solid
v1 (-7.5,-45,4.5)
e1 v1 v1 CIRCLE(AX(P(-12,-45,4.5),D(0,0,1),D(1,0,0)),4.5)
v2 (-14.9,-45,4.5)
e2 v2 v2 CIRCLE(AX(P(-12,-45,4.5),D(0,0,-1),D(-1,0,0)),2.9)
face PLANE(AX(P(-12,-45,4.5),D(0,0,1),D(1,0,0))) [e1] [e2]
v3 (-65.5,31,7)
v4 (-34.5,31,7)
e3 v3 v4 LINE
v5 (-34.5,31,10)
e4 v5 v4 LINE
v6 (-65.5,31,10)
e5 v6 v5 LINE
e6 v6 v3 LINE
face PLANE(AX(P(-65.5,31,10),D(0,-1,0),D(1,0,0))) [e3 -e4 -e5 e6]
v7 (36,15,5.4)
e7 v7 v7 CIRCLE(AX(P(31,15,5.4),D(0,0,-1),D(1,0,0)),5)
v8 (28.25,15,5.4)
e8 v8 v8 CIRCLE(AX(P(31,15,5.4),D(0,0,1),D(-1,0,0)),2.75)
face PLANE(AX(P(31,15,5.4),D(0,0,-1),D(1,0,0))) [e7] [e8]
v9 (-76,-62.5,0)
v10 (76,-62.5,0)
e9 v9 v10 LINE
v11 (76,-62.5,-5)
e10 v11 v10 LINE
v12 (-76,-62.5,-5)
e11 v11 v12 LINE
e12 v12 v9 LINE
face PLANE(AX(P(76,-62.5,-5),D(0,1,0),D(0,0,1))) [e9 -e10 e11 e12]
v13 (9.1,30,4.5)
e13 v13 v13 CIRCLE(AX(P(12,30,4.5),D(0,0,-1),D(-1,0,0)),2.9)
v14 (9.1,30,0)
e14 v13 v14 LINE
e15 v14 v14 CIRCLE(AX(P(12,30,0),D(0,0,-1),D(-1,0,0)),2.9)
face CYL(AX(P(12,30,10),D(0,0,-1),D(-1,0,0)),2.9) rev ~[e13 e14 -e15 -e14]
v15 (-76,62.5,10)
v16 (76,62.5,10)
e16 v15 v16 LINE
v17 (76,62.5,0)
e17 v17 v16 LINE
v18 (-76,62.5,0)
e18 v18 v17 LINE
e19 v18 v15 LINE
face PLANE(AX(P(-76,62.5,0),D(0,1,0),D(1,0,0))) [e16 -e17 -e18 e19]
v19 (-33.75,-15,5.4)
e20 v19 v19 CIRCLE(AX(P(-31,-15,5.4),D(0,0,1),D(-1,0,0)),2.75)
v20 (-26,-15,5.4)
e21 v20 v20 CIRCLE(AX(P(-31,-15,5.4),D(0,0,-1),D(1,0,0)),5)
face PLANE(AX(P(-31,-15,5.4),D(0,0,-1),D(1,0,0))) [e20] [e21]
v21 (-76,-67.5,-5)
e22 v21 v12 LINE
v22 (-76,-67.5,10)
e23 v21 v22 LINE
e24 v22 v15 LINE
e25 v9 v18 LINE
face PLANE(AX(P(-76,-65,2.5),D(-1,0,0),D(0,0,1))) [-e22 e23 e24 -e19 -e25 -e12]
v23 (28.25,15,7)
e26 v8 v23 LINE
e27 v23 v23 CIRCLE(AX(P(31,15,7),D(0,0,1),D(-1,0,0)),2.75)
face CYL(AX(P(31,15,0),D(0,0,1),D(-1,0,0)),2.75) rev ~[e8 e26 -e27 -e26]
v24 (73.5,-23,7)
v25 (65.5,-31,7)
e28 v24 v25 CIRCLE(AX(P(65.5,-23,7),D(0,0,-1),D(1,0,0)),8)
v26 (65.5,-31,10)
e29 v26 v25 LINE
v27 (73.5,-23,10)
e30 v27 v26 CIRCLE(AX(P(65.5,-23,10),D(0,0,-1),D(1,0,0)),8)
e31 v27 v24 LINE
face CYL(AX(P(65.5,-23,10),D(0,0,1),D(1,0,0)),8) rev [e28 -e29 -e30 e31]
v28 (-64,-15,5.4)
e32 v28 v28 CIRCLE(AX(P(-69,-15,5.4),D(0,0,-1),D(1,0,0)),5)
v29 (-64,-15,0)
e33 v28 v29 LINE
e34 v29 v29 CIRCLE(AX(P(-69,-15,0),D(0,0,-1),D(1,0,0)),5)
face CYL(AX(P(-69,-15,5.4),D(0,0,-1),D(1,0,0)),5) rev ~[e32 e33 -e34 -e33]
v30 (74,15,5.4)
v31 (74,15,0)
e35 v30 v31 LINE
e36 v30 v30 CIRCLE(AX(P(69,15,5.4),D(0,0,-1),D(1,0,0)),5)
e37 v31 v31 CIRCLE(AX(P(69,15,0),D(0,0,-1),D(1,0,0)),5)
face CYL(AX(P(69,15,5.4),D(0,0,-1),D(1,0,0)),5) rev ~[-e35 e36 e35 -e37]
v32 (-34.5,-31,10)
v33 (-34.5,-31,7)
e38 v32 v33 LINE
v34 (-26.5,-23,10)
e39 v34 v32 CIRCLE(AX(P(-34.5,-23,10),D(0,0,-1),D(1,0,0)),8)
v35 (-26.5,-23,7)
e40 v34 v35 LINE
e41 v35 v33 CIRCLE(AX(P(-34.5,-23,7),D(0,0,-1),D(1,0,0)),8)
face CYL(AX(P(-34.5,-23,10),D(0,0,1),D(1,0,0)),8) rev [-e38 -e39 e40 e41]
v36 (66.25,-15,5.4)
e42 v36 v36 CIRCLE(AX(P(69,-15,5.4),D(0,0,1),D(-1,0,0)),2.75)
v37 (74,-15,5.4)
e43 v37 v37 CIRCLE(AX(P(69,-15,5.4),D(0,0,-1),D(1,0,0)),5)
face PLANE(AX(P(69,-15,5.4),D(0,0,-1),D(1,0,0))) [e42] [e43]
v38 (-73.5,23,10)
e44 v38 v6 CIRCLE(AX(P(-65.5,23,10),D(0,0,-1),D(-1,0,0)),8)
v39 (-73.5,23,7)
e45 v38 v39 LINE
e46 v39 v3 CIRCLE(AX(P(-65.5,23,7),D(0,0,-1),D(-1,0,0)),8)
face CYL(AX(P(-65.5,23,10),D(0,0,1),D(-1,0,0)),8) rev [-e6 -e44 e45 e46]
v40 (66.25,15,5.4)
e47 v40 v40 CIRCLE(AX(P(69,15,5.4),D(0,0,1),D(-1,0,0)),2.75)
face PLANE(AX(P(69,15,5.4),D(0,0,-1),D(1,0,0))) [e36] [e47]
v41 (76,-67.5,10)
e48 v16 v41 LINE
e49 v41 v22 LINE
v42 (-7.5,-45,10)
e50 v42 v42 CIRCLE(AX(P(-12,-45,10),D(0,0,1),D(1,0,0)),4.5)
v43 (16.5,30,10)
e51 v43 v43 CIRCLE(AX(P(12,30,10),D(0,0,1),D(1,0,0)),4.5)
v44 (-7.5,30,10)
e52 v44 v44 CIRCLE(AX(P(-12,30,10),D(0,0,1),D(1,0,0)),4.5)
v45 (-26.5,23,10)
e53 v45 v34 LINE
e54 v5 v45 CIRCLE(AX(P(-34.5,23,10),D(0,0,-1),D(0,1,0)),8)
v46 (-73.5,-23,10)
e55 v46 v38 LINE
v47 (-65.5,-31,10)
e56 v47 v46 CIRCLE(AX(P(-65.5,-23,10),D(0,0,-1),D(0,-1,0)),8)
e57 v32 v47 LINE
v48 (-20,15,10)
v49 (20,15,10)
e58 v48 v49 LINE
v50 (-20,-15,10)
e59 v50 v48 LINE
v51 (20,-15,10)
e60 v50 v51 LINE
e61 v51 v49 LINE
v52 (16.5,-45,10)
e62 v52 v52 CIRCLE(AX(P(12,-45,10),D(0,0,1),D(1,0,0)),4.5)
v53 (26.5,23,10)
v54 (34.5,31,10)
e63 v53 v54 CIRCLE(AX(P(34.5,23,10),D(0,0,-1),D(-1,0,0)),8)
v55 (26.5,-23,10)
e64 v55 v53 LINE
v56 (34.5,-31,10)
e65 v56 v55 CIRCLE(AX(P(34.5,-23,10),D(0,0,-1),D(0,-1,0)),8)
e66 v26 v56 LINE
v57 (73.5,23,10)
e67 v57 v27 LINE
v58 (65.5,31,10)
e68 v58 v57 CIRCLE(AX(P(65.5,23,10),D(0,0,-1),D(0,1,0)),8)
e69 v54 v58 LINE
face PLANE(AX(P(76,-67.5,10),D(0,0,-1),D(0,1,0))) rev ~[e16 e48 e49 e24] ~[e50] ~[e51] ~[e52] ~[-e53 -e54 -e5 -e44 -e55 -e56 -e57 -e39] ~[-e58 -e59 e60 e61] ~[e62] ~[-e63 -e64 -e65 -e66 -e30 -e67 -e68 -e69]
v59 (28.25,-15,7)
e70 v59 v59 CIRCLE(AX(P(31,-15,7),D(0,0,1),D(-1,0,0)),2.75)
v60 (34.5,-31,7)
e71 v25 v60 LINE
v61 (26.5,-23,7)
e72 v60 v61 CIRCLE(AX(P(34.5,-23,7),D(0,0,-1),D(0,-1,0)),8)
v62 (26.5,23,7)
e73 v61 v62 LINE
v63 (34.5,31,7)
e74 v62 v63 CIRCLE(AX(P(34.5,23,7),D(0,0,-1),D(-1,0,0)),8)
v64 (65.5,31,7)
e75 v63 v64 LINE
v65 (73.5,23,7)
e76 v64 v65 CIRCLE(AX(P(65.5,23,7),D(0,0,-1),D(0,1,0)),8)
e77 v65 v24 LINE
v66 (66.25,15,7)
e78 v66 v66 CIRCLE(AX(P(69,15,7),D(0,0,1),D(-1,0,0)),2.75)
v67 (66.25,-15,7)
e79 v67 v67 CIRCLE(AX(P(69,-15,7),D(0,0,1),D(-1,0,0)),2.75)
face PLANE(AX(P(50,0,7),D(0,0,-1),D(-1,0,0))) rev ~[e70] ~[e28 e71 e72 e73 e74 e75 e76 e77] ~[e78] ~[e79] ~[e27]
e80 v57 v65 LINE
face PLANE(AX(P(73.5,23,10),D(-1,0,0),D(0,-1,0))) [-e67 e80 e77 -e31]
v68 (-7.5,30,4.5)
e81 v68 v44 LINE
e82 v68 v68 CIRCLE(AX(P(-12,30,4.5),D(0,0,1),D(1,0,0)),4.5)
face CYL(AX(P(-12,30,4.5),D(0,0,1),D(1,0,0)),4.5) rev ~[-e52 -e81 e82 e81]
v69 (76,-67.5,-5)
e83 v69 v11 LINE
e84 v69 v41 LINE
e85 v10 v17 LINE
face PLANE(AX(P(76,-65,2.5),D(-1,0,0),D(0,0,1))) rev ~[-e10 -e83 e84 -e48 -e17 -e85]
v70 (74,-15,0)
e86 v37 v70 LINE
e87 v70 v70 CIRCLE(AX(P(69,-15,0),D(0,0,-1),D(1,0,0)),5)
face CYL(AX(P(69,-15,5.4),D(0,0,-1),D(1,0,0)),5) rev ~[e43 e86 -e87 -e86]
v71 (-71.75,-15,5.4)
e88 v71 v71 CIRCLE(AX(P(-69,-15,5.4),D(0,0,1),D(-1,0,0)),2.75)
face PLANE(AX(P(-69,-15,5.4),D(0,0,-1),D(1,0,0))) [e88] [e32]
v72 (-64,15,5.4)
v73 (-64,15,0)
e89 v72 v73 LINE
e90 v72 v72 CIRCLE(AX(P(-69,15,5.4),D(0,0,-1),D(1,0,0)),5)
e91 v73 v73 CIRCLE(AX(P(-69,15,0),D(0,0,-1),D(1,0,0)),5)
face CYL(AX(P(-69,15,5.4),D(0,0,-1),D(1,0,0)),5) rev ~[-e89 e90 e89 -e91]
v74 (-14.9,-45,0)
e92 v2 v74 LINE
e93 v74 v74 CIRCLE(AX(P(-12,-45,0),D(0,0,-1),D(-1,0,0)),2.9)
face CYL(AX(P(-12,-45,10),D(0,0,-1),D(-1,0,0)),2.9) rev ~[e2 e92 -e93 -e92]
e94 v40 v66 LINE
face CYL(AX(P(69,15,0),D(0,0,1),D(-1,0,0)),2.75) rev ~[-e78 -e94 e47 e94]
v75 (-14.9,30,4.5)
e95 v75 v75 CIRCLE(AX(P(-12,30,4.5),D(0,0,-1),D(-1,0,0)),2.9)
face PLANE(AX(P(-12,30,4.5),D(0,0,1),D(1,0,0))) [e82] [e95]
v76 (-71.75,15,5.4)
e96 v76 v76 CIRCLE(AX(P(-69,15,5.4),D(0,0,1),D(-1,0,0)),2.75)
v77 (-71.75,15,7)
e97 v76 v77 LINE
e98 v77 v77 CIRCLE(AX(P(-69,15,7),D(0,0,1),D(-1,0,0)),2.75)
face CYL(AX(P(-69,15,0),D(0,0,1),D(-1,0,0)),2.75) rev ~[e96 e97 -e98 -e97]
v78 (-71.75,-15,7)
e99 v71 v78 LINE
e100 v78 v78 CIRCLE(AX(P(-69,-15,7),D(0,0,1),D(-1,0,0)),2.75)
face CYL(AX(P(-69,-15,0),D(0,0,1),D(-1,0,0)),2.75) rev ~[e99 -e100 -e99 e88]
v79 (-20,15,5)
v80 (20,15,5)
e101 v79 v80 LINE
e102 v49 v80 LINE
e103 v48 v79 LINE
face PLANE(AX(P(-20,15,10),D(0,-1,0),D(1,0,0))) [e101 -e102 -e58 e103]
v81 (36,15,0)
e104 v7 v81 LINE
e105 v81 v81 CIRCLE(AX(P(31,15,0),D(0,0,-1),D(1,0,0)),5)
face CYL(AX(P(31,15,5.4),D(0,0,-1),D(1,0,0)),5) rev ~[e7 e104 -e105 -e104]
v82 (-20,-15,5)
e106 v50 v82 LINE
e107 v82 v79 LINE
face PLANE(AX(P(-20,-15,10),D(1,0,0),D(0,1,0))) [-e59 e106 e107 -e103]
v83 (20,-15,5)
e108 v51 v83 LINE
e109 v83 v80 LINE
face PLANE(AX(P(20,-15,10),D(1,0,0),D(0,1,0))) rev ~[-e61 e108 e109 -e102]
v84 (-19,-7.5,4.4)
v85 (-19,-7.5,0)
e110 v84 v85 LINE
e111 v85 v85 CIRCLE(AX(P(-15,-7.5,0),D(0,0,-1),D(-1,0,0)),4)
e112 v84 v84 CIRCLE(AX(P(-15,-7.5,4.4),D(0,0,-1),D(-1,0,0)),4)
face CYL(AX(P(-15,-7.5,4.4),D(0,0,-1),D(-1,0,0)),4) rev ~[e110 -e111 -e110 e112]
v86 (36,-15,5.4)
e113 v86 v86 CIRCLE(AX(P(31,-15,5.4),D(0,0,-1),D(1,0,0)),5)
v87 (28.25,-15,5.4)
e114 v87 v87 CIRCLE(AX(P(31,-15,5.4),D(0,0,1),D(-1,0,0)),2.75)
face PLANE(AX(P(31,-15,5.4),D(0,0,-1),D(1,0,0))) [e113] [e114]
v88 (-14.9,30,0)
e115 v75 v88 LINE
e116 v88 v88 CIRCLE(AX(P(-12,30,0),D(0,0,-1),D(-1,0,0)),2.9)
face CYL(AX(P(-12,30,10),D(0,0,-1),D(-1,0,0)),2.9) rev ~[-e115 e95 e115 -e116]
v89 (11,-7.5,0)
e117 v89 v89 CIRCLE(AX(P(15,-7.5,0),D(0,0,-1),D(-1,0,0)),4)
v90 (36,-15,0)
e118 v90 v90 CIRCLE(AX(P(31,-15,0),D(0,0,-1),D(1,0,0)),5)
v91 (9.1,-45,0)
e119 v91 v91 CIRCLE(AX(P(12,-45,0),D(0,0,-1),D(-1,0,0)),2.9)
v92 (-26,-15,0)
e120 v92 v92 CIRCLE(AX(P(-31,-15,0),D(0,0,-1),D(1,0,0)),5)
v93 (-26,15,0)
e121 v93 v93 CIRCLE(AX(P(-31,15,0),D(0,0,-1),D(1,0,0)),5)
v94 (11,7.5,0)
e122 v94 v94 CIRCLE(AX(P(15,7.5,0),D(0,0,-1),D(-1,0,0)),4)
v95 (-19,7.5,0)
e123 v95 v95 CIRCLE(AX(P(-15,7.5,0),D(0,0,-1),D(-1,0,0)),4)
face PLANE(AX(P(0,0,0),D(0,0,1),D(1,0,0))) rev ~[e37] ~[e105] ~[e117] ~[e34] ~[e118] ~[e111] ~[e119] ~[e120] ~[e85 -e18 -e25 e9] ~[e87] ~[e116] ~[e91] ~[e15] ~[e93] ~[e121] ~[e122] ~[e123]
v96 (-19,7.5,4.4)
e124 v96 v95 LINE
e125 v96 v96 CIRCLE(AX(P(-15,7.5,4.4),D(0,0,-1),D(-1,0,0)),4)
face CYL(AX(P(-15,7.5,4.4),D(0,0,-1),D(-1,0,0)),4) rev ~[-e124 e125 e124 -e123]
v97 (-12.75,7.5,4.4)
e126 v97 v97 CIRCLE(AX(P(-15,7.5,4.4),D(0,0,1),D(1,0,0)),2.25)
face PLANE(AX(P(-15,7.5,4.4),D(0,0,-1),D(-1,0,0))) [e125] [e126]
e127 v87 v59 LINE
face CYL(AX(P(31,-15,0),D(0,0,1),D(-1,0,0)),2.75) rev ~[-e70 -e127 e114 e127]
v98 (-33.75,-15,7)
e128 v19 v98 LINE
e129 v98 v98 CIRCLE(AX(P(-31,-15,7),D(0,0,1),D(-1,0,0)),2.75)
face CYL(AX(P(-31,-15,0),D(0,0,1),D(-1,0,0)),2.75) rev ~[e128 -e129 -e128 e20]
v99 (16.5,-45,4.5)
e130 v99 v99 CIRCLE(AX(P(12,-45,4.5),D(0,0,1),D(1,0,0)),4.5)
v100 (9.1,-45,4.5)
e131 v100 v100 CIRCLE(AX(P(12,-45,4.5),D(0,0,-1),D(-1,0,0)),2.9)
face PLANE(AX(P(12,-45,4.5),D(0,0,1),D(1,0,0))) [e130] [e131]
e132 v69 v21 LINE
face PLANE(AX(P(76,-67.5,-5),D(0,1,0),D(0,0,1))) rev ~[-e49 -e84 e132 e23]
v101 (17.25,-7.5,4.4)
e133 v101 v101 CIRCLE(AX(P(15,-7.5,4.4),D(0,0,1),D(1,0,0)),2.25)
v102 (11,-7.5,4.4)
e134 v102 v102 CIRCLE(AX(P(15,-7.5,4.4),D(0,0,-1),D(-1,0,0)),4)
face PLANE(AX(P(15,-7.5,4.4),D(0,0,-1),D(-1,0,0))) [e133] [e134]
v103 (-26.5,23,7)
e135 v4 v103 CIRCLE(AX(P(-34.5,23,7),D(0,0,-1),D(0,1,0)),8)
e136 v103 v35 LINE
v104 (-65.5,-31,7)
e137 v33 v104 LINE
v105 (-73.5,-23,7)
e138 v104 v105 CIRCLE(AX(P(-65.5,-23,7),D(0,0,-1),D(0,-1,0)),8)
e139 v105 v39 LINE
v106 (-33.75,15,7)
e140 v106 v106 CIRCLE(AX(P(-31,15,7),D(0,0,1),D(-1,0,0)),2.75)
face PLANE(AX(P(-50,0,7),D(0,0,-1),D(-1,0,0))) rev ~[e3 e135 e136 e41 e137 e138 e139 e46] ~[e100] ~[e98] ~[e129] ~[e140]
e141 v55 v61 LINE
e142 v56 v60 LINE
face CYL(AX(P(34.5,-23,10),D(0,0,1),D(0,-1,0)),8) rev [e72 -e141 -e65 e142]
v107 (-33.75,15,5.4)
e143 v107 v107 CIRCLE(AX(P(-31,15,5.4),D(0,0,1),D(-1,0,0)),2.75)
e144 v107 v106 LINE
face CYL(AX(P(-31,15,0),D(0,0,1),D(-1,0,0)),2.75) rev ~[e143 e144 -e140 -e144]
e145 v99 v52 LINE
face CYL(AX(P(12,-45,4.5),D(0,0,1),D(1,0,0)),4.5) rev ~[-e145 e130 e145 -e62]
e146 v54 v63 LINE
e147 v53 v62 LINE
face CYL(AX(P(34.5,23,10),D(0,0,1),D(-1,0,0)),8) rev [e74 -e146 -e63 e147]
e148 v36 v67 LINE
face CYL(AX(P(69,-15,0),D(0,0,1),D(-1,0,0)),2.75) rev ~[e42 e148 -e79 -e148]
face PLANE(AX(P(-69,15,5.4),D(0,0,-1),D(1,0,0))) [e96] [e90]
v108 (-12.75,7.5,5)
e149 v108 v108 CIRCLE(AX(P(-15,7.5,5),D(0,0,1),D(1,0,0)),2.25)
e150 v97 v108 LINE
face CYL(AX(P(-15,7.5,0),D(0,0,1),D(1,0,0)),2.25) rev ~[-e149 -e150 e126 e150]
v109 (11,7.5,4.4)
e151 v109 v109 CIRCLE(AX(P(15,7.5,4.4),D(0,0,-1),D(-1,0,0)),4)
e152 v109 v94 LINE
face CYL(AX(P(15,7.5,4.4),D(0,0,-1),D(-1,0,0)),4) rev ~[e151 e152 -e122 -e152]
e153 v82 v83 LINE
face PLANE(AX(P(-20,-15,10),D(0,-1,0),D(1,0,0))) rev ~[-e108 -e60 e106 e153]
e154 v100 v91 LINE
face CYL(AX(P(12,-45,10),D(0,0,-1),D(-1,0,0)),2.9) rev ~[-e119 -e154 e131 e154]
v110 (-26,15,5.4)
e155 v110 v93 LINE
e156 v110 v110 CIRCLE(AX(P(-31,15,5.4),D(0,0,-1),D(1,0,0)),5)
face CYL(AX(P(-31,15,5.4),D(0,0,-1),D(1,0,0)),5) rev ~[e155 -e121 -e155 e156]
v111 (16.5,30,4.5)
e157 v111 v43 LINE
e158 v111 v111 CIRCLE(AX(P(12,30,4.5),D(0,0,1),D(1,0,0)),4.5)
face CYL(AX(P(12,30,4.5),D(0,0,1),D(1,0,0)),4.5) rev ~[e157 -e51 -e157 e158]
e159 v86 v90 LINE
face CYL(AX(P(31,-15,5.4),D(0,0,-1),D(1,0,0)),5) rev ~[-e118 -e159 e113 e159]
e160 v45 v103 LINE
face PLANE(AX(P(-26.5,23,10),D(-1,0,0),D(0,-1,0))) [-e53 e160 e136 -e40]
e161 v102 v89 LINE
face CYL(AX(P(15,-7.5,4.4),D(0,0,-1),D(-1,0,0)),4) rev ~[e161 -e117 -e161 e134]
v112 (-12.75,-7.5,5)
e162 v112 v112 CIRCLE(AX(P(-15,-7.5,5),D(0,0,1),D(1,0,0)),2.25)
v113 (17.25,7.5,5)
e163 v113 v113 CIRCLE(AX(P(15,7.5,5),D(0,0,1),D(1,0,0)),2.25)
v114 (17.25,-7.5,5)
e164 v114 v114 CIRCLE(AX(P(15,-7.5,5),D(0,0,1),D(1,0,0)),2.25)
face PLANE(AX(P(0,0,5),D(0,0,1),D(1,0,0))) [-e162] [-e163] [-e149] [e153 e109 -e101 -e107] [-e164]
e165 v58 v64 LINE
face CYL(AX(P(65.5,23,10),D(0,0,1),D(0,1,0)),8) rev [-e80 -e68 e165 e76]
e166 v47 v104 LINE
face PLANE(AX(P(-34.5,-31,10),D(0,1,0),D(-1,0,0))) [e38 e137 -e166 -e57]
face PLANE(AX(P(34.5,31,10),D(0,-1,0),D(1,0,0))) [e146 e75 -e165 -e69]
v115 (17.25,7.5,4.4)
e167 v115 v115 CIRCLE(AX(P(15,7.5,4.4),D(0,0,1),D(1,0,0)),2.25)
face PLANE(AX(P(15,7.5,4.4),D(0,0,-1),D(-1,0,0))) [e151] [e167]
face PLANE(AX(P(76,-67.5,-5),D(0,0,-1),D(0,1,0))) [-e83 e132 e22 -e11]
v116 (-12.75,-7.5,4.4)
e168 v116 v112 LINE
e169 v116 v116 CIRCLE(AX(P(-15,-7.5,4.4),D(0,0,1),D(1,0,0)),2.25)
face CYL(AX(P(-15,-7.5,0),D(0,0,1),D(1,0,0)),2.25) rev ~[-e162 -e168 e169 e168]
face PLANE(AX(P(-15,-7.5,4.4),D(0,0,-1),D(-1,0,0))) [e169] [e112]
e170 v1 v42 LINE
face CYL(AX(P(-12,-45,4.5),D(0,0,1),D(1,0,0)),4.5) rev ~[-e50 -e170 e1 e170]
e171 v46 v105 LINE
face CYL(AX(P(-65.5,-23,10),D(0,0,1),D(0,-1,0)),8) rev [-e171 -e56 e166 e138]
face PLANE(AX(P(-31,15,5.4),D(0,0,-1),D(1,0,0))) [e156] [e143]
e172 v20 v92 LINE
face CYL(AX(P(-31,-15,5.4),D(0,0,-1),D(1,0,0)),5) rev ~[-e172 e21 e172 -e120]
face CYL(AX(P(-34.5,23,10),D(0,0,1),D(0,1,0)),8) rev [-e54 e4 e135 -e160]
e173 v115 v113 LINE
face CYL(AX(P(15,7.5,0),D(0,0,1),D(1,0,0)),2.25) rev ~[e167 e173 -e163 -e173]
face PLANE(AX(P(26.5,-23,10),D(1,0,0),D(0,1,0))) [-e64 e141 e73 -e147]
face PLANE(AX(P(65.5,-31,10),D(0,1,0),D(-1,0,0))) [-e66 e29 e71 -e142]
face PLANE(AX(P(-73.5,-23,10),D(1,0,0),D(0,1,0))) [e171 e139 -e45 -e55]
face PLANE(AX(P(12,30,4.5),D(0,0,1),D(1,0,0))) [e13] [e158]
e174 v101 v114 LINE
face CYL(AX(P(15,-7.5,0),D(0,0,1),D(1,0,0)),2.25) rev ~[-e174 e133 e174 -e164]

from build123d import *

# Parameters (mm, degrees)
SKETCH3_W                                           = 152
SKETCH3_H                                           = 125
BOSS_EXTRUDE2_DEPTH                                 = 10
KES_EKSTR_ZYON1_DEPTH                               = 3
CBORE_FOR_M5_HEX_SOCKET_HEAD_CAP_SCREW1_D           = 5.8
CBORE_FOR_M5_HEX_SOCKET_HEAD_CAP_SCREW1_DEPTH       = 15
CBORE_FOR_M5_HEX_SOCKET_HEAD_CAP_SCREW1_CBORE_D     = 9
CBORE_FOR_M5_HEX_SOCKET_HEAD_CAP_SCREW1_CBORE_DEPTH = 5.5
CBORE_FOR_M5_HEX_SOCKET_HEAD_CAP_SCREW1_TIP         = 1.742495795
CBORE_FOR_M5_HEX_SOCKET_HEAD_CAP_SCREW2_D           = 5.5
CBORE_FOR_M5_HEX_SOCKET_HEAD_CAP_SCREW2_CBORE_D     = 10
CBORE_FOR_M5_HEX_SOCKET_HEAD_CAP_SCREW2_CBORE_DEPTH = 5.4
CBORE_FOR_M4_HEX_SOCKET_HEAD_CAP_SCREW2_D           = 4.5
CBORE_FOR_M4_HEX_SOCKET_HEAD_CAP_SCREW2_CBORE_D     = 8
CBORE_FOR_M4_HEX_SOCKET_HEAD_CAP_SCREW2_CBORE_DEPTH = 4.4
SKETCH13_W                                          = 40
SKETCH13_H                                          = 30
CUT_EXTRUDE1_DEPTH                                  = 5
SKETCH14_W                                          = 15
SKETCH14_H                                          = 5
BOSS_EXTRUDE3_DEPTH                                 = 152


with BuildPart() as part:
    # Sketch3 → Boss-Extrude2 (new body)
    with BuildSketch(Plane.XY):
        Rectangle(SKETCH3_W, SKETCH3_H)
    extrude(amount=BOSS_EXTRUDE2_DEPTH)

    # Çizim2 → Kes-Ekstrüzyon1 (cut)
    with BuildSketch(Plane.XY.offset(10)):
        with BuildLine():
            Line((-34.5, -31), (-65.5, -31))
            ThreePointArc((-65.5, -31), (-71.156854249, -28.656854249), (-73.5, -23))
            Line((-73.5, -23), (-73.5, 23))
            ThreePointArc((-73.5, 23), (-71.156854249, 28.656854249), (-65.5, 31))
            Line((-65.5, 31), (-34.5, 31))
            ThreePointArc((-34.5, 31), (-28.843145751, 28.656854249), (-26.5, 23))
            Line((-26.5, 23), (-26.5, -23))
            ThreePointArc((-26.5, -23), (-28.843145751, -28.656854249), (-34.5, -31))
        make_face()
        with BuildLine():
            Line((65.5, -31), (34.5, -31))
            ThreePointArc((34.5, -31), (28.843145751, -28.656854249), (26.5, -23))
            Line((26.5, -23), (26.5, 23))
            ThreePointArc((26.5, 23), (28.843145751, 28.656854249), (34.5, 31))
            Line((34.5, 31), (65.5, 31))
            ThreePointArc((65.5, 31), (71.156854249, 28.656854249), (73.5, 23))
            Line((73.5, 23), (73.5, -23))
            ThreePointArc((73.5, -23), (71.156854249, -28.656854249), (65.5, -31))
        make_face()
    extrude(amount=-KES_EKSTR_ZYON1_DEPTH, mode=Mode.SUBTRACT)

    # CBORE for M5 Hex Socket Head Cap Screw1
    with Locations(Plane.XY.offset(10)):
        with Locations((-12, 30), (12, 30), (-12, -45), (12, -45)):
            CounterBoreHole(CBORE_FOR_M5_HEX_SOCKET_HEAD_CAP_SCREW1_D / 2, CBORE_FOR_M5_HEX_SOCKET_HEAD_CAP_SCREW1_CBORE_D / 2, CBORE_FOR_M5_HEX_SOCKET_HEAD_CAP_SCREW1_CBORE_DEPTH, depth=CBORE_FOR_M5_HEX_SOCKET_HEAD_CAP_SCREW1_DEPTH)
            with Locations((0, 0, -(CBORE_FOR_M5_HEX_SOCKET_HEAD_CAP_SCREW1_DEPTH + CBORE_FOR_M5_HEX_SOCKET_HEAD_CAP_SCREW1_TIP / 2))):  # 118° drill point
                Cone(0, CBORE_FOR_M5_HEX_SOCKET_HEAD_CAP_SCREW1_D / 2, CBORE_FOR_M5_HEX_SOCKET_HEAD_CAP_SCREW1_TIP, mode=Mode.SUBTRACT)

    # CBORE for M5 Hex Socket Head Cap Screw2 (through all)
    with Locations(Plane(origin=(0, 0, 0), x_dir=(1, 0, 0), z_dir=(0, 0, -1))):
        with Locations((-69, -15), (-31, -15), (-69, 15), (-31, 15), (31, -15), (31, 15), (69, 15), (69, -15)):
            CounterBoreHole(CBORE_FOR_M5_HEX_SOCKET_HEAD_CAP_SCREW2_D / 2, CBORE_FOR_M5_HEX_SOCKET_HEAD_CAP_SCREW2_CBORE_D / 2, CBORE_FOR_M5_HEX_SOCKET_HEAD_CAP_SCREW2_CBORE_DEPTH)

    # CBORE for M4 Hex Socket Head Cap Screw2 (through all)
    with Locations(Plane(origin=(0, 0, 0), x_dir=(-1, 0, 0), z_dir=(0, 0, -1))):
        with Locations((-15, 7.5), (-15, -7.5), (15, 7.5), (15, -7.5)):
            CounterBoreHole(CBORE_FOR_M4_HEX_SOCKET_HEAD_CAP_SCREW2_D / 2, CBORE_FOR_M4_HEX_SOCKET_HEAD_CAP_SCREW2_CBORE_D / 2, CBORE_FOR_M4_HEX_SOCKET_HEAD_CAP_SCREW2_CBORE_DEPTH)

    # Sketch13 → Cut-Extrude1 (cut)
    with BuildSketch(Plane.XY.offset(10)):
        Rectangle(SKETCH13_W, SKETCH13_H)
    extrude(amount=-CUT_EXTRUDE1_DEPTH, mode=Mode.SUBTRACT)

    # Sketch14 → Boss-Extrude3 (add)
    with BuildSketch(Plane.ZY.offset(-76)):
        with Locations((2.5, -65)):
            Rectangle(SKETCH14_W, SKETCH14_H)
    extrude(amount=BOSS_EXTRUDE3_DEPTH)


solid = part.part
